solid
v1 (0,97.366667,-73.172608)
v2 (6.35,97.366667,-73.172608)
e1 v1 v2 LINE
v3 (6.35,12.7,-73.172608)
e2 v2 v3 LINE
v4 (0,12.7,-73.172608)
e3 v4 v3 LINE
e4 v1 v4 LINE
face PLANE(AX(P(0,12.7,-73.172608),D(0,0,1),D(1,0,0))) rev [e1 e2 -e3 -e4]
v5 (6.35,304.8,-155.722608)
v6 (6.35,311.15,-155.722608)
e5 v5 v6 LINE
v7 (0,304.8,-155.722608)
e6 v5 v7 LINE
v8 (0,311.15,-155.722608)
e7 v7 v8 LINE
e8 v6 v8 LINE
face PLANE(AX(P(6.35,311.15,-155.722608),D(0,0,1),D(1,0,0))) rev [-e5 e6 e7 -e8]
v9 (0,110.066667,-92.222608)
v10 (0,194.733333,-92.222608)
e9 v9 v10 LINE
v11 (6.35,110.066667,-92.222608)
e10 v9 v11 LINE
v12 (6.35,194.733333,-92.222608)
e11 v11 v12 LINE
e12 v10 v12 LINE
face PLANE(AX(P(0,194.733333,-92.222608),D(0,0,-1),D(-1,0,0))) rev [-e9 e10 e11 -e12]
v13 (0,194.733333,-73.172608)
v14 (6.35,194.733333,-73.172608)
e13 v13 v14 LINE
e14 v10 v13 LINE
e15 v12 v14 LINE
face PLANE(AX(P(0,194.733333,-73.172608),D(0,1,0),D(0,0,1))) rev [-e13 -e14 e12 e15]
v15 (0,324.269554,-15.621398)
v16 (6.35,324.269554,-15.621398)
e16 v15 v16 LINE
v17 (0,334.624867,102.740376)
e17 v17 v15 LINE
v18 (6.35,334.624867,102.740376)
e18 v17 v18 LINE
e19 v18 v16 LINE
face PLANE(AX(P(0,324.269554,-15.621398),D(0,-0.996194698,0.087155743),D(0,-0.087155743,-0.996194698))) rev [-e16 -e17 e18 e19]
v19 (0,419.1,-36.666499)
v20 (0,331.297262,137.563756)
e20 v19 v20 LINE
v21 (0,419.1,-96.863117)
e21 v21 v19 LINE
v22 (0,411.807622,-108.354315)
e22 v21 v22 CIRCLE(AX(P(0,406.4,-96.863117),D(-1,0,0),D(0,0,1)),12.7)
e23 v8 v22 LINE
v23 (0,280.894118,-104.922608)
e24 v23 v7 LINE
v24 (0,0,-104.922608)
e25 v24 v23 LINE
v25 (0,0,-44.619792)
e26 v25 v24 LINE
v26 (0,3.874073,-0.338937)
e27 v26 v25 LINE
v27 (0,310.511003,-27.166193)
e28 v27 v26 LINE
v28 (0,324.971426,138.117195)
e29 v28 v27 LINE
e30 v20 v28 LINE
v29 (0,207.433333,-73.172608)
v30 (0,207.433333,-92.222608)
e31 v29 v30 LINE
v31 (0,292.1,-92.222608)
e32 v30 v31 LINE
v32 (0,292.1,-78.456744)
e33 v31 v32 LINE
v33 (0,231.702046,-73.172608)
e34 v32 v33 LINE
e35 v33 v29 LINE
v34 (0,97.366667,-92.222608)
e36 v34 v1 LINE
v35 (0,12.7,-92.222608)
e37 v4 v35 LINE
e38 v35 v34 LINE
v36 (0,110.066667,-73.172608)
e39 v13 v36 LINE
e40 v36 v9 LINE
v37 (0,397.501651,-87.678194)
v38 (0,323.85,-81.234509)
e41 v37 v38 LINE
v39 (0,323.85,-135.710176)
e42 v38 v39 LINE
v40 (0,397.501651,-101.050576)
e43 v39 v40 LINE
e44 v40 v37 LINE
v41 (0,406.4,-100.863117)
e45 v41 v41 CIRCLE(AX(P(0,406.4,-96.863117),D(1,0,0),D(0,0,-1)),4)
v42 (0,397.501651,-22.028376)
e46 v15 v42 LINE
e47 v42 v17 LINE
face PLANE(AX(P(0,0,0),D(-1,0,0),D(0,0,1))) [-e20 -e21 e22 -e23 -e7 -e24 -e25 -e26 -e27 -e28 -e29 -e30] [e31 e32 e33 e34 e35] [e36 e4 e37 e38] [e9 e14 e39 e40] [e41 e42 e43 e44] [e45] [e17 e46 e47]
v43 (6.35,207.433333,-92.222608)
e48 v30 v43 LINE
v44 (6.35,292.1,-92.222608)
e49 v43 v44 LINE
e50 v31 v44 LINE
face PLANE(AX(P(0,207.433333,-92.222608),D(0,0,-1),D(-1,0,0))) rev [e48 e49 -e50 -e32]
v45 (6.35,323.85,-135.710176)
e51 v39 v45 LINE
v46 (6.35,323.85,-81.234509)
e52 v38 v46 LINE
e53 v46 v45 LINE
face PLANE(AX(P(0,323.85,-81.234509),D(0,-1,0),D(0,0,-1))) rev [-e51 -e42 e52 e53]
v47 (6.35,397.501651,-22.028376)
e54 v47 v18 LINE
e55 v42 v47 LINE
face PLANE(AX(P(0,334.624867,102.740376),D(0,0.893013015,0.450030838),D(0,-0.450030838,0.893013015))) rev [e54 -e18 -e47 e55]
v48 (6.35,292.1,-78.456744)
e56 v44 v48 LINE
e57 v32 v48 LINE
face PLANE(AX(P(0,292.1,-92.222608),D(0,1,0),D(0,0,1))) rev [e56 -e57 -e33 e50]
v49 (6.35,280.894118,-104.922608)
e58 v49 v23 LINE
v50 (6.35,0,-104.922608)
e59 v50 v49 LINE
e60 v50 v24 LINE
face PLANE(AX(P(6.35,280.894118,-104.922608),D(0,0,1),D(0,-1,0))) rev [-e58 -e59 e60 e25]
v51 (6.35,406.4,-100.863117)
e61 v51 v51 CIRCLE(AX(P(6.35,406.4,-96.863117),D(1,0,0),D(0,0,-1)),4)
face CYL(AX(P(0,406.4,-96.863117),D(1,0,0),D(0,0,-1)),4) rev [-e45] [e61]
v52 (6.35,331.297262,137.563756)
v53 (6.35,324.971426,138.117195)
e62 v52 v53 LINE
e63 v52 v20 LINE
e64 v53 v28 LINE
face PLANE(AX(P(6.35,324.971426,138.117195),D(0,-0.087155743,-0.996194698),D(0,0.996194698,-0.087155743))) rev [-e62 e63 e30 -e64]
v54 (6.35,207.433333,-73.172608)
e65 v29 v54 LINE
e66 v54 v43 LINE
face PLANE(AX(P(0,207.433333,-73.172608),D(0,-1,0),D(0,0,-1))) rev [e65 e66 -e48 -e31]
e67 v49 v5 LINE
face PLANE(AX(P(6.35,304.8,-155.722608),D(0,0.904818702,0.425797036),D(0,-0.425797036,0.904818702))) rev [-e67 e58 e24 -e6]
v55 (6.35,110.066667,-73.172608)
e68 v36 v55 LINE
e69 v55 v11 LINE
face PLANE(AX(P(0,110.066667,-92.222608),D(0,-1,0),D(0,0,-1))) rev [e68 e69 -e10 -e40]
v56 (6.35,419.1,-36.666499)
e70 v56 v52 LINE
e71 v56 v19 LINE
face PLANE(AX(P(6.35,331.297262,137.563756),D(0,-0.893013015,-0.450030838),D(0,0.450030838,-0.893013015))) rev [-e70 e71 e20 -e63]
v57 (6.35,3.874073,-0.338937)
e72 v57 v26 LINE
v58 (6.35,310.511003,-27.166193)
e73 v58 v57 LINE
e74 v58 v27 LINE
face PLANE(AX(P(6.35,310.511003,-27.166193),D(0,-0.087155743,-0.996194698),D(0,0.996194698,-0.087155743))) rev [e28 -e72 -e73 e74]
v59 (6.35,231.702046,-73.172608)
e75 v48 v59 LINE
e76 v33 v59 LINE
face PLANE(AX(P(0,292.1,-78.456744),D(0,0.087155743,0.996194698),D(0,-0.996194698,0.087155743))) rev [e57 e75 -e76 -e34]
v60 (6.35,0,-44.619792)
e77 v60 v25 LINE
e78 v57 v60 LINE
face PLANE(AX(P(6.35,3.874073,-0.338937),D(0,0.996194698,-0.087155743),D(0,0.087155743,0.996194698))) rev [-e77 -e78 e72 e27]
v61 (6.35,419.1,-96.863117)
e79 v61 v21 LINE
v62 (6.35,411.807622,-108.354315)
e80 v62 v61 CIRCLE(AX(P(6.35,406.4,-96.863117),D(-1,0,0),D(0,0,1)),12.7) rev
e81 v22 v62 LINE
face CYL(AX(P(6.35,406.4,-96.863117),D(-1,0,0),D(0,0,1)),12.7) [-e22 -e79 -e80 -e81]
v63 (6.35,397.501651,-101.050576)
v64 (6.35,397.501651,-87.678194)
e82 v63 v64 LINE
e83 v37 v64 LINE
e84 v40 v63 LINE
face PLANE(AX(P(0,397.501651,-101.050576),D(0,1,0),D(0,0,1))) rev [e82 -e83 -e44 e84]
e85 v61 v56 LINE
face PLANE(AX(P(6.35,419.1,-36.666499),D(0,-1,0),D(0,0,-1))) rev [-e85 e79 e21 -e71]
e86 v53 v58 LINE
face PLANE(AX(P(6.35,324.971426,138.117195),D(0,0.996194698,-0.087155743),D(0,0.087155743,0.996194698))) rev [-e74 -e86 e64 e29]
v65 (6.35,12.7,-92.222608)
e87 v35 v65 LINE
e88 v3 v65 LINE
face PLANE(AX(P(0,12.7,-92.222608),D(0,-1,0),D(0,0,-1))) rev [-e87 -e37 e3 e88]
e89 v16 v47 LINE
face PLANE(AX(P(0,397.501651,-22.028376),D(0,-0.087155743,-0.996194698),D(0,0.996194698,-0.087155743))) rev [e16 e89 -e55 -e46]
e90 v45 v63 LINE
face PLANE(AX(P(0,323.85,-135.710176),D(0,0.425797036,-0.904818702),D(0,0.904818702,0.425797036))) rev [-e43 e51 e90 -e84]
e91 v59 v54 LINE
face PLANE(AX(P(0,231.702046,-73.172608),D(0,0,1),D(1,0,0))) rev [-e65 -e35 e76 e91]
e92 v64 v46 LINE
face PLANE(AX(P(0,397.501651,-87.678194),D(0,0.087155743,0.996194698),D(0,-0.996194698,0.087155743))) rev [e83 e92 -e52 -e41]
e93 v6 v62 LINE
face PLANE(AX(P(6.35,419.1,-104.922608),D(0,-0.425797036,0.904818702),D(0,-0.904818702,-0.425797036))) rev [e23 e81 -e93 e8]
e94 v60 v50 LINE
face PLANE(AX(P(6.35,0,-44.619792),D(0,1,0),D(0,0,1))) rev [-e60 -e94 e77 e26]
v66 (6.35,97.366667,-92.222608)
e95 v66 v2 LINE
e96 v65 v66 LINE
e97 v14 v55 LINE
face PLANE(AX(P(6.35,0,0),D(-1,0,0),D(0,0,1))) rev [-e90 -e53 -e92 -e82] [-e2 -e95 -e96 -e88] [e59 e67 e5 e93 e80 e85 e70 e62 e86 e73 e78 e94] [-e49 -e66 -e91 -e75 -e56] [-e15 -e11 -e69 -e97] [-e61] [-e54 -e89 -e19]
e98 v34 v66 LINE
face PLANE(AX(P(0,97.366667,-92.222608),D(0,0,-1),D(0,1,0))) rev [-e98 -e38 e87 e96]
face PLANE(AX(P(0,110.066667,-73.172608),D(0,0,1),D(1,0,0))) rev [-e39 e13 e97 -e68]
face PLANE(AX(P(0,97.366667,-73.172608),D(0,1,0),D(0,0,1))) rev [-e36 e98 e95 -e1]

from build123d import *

# Parameters (mm, degrees)
BOSS_EXTRUDE1_DEPTH = 6.35
SKETCH2_W           = 19.05
SKETCH2_H           = 84.666666666
SKETCH2_H_2         = 84.666666667
CUT_EXTRUDE4_DEPTH  = 7.35
FILLET1_R           = 12.7
SKETCH3_R           = 4
CUT_EXTRUDE5_DEPTH  = 7.35


with BuildPart() as part:
    # Sketch1 → Boss-Extrude1 (new body)
    with BuildSketch(Plane(origin=(0, 0, 0), x_dir=(0, 0, -1), z_dir=(1, 0, 0))):
        Polygon((-138.117194795, 324.971426047), (27.166192695, 310.511003372), (0.338937449, 3.874072765), (44.619791779, 0), (104.922607749, 0), (104.922607749, 280.894117647), (155.722607749, 304.8), (155.722607749, 311.15), (104.922607749, 419.1), (36.666498884, 419.1), (-137.563755829, 331.29726238), align=None)
    extrude(amount=BOSS_EXTRUDE1_DEPTH)

    # Sketch2 → Cut-Extrude4 (cut, through all)
    with BuildSketch(Plane(origin=(6.35, 0, 0), x_dir=(0, 0, -1), z_dir=(1, 0, 0))):
        Polygon((-102.740376399, 334.624867423), (22.028376277, 397.501651207), (15.621397962, 324.269553971), align=None)
        Polygon((87.678193652, 397.501651207), (81.234509121, 323.85), (135.710176178, 323.85), (101.05057561, 397.501651207), align=None)
        Polygon((78.456744054, 292.1), (73.172607749, 231.702045651), (73.172607749, 207.433333333), (92.222607749, 207.433333333), (92.222607749, 292.1), align=None)
        with Locations((82.697607749, 152.4)):
            Rectangle(SKETCH2_W, SKETCH2_H)
        with Locations((82.697607749, 55.033333334)):
            Rectangle(SKETCH2_W, SKETCH2_H_2)
    extrude(amount=-CUT_EXTRUDE4_DEPTH, mode=Mode.SUBTRACT)

    # Fillet1
    fillet1_edges = [part.edges().sort_by_distance(p)[0] for p in [
        (3.175, 419.1, -104.922607749),
    ]]
    fillet(fillet1_edges, radius=FILLET1_R)

    # Sketch3 → Cut-Extrude5 (cut, through all)
    with BuildSketch(Plane(origin=(6.35, 0, 0), x_dir=(0, 0, -1), z_dir=(1, 0, 0))):
        with Locations((96.863117355, 406.4)):
            Circle(SKETCH3_R)
    extrude(amount=-CUT_EXTRUDE5_DEPTH, mode=Mode.SUBTRACT)


solid = part.part
